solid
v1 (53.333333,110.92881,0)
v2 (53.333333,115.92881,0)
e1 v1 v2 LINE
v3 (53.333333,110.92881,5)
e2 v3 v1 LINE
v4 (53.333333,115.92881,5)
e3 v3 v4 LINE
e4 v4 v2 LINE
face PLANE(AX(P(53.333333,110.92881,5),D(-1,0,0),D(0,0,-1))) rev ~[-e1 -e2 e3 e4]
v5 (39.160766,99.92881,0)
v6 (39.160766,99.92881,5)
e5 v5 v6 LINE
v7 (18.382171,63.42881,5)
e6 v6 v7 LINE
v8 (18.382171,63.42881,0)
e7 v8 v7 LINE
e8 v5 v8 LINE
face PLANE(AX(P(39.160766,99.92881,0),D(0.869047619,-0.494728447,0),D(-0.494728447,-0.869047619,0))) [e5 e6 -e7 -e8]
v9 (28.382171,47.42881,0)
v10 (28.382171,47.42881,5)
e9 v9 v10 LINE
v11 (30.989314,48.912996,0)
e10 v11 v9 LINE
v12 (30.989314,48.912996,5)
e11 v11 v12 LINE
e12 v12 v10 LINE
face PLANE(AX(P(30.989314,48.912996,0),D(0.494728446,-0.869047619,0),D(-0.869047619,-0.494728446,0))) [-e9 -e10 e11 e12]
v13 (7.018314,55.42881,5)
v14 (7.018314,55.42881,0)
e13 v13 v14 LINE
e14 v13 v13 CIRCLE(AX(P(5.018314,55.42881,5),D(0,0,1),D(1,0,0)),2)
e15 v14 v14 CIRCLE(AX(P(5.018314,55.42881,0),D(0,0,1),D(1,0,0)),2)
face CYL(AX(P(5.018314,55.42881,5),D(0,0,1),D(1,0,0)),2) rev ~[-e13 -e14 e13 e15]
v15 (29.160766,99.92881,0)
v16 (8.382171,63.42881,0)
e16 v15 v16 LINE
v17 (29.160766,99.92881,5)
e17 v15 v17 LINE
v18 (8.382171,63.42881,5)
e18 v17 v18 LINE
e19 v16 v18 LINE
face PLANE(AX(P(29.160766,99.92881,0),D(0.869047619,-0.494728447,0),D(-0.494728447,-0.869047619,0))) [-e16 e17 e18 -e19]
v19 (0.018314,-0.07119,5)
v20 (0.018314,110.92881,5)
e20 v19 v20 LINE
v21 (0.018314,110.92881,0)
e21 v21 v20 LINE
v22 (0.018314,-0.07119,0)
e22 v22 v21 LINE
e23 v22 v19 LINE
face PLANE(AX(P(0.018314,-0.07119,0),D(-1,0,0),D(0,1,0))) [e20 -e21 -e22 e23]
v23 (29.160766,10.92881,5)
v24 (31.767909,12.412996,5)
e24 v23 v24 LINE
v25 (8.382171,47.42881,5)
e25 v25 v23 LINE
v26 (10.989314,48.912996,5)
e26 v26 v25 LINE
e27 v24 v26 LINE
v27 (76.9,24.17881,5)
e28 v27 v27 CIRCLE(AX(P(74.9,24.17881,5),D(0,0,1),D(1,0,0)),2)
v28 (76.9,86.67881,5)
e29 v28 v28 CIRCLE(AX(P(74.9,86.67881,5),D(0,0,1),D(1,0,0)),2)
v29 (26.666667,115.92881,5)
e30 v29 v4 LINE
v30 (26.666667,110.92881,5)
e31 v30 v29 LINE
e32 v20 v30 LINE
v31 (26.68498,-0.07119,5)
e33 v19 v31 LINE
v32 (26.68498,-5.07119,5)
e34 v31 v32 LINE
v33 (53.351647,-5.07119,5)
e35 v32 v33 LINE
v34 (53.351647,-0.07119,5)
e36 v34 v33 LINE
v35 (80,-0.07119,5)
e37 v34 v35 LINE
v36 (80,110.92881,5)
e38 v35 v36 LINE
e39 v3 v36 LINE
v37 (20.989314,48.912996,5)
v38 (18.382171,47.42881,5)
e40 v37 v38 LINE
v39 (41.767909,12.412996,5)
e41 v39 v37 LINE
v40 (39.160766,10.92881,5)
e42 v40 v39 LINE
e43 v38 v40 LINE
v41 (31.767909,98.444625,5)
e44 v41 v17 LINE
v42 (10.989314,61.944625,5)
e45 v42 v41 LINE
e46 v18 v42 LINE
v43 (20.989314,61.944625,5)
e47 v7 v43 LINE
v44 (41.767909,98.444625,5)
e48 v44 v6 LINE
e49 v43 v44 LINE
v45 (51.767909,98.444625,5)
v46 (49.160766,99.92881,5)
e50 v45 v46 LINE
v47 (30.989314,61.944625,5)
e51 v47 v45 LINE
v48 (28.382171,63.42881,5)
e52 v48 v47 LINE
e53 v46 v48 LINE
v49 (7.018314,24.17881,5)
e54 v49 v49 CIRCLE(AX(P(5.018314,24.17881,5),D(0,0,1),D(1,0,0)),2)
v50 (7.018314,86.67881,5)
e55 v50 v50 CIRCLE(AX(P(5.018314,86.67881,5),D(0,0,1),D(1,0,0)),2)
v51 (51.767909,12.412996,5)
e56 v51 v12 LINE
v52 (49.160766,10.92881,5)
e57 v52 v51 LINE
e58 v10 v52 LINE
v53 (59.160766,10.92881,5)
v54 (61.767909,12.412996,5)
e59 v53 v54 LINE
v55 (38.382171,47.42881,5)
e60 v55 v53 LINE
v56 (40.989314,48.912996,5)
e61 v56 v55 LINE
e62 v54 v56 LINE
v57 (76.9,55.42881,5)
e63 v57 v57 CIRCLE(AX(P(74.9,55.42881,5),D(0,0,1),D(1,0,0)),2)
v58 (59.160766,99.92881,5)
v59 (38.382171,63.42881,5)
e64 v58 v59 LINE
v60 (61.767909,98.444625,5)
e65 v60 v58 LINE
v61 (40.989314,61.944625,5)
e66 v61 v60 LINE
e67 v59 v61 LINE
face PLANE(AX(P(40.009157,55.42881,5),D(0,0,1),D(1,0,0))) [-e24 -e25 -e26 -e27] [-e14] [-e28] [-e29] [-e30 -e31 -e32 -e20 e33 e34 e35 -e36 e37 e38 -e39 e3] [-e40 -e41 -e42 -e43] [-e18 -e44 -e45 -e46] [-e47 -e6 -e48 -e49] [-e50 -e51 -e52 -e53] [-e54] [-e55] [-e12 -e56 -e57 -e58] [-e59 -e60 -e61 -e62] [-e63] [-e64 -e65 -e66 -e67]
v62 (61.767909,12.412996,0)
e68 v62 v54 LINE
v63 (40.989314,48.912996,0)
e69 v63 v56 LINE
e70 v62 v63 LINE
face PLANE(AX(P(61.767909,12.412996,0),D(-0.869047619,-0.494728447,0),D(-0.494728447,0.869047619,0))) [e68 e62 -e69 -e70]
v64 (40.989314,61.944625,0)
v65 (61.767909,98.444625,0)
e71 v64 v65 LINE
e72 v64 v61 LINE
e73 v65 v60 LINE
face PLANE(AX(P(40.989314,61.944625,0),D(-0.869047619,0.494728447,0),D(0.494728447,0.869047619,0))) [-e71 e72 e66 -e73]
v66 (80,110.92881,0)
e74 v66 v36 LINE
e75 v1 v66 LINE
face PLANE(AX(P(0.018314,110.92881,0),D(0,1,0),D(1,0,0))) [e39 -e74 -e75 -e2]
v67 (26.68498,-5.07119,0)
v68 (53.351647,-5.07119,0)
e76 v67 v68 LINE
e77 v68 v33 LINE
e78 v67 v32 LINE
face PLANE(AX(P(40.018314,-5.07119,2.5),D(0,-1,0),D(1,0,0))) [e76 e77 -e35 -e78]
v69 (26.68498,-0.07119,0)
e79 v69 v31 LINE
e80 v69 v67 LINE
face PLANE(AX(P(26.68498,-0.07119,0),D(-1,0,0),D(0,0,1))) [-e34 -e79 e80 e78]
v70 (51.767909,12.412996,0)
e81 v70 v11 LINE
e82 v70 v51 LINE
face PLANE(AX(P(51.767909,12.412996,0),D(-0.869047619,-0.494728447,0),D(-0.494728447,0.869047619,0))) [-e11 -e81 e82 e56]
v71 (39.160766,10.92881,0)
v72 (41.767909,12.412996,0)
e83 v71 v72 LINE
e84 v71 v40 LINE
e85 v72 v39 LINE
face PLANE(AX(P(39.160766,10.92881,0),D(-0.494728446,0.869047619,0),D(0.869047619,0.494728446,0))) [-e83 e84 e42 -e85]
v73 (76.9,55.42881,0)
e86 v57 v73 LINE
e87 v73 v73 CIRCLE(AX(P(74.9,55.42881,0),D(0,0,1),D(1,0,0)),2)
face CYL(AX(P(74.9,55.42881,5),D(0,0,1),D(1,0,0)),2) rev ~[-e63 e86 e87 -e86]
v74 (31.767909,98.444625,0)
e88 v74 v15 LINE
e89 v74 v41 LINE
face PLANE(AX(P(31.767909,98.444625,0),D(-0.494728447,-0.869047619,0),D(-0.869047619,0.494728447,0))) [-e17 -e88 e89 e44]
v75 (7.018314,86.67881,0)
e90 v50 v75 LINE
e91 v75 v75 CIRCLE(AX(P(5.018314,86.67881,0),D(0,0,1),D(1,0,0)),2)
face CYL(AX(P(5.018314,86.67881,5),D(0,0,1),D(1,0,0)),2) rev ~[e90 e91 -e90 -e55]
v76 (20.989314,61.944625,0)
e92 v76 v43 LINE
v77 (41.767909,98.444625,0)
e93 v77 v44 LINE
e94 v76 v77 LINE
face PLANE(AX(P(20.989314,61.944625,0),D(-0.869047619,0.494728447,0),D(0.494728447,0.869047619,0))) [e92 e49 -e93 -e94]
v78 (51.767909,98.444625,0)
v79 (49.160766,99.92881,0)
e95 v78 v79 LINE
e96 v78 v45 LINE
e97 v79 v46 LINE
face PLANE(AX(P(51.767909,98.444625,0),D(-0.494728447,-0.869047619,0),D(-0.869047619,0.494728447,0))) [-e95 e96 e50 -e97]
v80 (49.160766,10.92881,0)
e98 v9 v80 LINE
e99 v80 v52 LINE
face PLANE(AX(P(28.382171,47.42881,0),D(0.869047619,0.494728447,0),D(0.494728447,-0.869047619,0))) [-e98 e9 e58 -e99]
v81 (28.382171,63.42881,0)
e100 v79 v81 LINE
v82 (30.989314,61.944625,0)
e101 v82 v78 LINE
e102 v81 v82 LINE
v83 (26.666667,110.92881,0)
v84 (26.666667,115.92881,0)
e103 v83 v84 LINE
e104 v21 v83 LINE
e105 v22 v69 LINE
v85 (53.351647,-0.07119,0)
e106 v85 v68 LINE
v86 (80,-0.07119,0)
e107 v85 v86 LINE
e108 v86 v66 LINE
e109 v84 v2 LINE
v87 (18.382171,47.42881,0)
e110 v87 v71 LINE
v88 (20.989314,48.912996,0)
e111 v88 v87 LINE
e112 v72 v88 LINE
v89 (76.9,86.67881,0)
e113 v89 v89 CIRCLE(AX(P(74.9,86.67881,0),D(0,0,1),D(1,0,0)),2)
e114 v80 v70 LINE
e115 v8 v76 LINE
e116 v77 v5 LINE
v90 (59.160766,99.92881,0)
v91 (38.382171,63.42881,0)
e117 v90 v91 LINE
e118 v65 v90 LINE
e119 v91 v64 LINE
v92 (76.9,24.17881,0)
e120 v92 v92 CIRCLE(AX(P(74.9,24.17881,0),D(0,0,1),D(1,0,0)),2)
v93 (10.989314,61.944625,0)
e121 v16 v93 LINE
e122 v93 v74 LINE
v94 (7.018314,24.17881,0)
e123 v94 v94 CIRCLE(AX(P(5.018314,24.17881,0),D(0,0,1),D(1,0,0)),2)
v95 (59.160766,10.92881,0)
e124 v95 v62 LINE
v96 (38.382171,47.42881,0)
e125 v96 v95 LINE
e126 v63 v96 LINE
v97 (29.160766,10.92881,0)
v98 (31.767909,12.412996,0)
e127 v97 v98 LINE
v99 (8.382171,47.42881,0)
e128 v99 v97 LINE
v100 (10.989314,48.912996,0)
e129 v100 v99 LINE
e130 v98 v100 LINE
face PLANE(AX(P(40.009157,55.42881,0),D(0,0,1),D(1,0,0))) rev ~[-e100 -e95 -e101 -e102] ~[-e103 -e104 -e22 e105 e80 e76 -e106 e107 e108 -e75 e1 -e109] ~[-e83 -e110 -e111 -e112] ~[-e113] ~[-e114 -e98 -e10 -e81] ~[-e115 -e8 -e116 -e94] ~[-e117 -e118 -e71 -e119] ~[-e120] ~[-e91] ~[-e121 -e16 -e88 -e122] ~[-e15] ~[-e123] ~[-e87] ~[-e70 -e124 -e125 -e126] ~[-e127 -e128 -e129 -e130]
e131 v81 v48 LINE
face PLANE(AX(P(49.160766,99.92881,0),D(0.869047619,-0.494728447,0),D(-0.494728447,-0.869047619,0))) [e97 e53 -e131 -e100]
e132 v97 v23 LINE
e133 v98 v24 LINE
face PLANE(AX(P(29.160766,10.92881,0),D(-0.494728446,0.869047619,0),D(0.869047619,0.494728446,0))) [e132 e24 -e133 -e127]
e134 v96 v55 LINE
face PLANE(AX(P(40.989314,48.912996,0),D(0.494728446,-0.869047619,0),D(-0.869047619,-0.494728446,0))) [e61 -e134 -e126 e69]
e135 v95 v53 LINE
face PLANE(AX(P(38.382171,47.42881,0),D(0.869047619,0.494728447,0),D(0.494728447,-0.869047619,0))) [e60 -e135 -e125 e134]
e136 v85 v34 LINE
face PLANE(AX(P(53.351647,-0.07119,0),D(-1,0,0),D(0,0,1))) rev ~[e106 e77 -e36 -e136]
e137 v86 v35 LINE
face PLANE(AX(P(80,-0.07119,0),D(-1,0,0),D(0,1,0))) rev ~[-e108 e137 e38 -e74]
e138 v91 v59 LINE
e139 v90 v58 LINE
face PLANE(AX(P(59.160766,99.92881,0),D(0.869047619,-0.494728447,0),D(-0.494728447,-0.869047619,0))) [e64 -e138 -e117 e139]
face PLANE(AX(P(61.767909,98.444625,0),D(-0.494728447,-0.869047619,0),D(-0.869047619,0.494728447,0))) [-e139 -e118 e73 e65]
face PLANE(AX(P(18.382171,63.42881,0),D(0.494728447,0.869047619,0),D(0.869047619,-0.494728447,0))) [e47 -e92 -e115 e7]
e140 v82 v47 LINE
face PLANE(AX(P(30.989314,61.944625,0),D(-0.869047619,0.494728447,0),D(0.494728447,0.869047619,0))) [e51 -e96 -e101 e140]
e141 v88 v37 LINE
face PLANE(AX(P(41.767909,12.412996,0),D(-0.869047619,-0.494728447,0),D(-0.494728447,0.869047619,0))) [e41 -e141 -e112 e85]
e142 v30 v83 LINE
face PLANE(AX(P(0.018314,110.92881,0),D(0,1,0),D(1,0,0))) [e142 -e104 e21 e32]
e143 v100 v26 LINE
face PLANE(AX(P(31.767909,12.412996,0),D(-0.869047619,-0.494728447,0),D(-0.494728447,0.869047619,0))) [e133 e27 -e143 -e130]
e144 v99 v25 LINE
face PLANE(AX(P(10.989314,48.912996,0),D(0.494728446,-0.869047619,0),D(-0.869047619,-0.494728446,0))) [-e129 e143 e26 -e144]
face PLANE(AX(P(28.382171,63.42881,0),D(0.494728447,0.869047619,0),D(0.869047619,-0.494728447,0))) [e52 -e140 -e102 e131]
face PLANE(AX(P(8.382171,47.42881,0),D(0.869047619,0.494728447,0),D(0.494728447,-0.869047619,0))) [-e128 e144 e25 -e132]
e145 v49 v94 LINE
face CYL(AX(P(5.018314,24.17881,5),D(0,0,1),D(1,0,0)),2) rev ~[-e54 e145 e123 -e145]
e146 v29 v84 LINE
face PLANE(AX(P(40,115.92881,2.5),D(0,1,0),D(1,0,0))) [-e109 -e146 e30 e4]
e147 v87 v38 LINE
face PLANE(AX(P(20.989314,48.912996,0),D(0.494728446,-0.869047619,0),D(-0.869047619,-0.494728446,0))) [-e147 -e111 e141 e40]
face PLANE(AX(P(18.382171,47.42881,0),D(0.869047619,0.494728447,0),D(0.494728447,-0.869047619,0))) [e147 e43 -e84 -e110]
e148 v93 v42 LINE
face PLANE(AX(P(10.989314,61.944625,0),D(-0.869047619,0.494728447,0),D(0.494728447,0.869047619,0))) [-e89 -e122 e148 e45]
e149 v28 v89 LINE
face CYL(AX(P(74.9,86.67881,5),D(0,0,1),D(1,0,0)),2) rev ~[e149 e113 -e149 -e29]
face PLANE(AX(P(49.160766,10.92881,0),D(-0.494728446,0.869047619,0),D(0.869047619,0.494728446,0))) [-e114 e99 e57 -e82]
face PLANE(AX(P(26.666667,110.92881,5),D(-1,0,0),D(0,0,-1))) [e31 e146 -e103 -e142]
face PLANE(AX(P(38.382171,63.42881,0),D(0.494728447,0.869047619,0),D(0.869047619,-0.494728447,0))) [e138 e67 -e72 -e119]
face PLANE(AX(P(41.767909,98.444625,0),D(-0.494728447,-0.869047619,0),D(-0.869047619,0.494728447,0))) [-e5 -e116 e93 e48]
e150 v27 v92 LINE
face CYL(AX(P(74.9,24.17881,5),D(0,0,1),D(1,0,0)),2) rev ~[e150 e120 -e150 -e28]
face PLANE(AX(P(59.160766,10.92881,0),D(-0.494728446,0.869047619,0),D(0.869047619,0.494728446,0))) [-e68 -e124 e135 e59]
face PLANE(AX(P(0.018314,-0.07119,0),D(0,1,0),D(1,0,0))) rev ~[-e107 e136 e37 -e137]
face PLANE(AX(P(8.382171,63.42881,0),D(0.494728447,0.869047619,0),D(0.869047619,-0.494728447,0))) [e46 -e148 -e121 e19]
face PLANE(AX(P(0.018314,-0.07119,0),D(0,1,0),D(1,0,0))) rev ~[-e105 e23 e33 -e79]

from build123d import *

# Parameters (mm, degrees)
CROQUIS1_W              = 79.981686337
CROQUIS1_H              = 111
SALIENTE_EXTRUIR1_DEPTH = 5
CROQUIS2_W              = 26.666666667
CROQUIS2_H              = 5
SALIENTE_EXTRUIR2_DEPTH = 5
CROQUIS3_W              = 26.666666666
CROQUIS3_H              = 5
SALIENTE_EXTRUIR3_DEPTH = 5
CROQUIS4_R              = 2
CORTAR_EXTRUIR1_DEPTH   = 10


with BuildPart() as part:
    # Croquis1 → Saliente-Extruir1 (new body)
    with BuildSketch(Plane.XY):
        with Locations((40.009156832, 55.428810295)):
            Rectangle(CROQUIS1_W, CROQUIS1_H)
        Polygon((40.989314194, 48.912995634), (38.382171337, 47.428810295), (59.160766092, 10.928810295), (61.767908949, 12.412995634), align=None, mode=Mode.SUBTRACT)
        Polygon((49.160766092, 10.928810295), (51.767908949, 12.412995634), (30.989314194, 48.912995634), (28.382171337, 47.428810295), align=None, mode=Mode.SUBTRACT)
        Polygon((20.989314194, 48.912995634), (18.382171337, 47.428810295), (39.160766092, 10.928810295), (41.767908949, 12.412995634), align=None, mode=Mode.SUBTRACT)
        Polygon((29.160766092, 10.928810295), (31.767908949, 12.412995634), (10.989314194, 48.912995634), (8.382171337, 47.428810295), align=None, mode=Mode.SUBTRACT)
        Polygon((38.382171337, 63.428810295), (40.989314194, 61.944624955), (61.767908949, 98.444624955), (59.160766092, 99.928810295), align=None, mode=Mode.SUBTRACT)
        Polygon((51.767908949, 98.444624955), (49.160766092, 99.928810295), (28.382171337, 63.428810295), (30.989314194, 61.944624955), align=None, mode=Mode.SUBTRACT)
        Polygon((18.382171337, 63.428810295), (20.989314194, 61.944624955), (41.767908949, 98.444624955), (39.160766092, 99.928810295), align=None, mode=Mode.SUBTRACT)
        Polygon((31.767908949, 98.444624955), (29.160766092, 99.928810295), (8.382171337, 63.428810295), (10.989314194, 61.944624955), align=None, mode=Mode.SUBTRACT)
    extrude(amount=SALIENTE_EXTRUIR1_DEPTH)

    # Croquis2 → Saliente-Extruir2 (add)
    with BuildSketch(Plane.XZ.offset(0.071189705)):
        with Locations((40.018313663, 2.5)):
            Rectangle(CROQUIS2_W, CROQUIS2_H)
    extrude(amount=SALIENTE_EXTRUIR2_DEPTH)

    # Croquis3 → Saliente-Extruir3 (add)
    with BuildSketch(Plane(origin=(0, 110.928810295, 0), x_dir=(1, 0, 0), z_dir=(0, 1, 0))):
        with Locations((40, -2.5)):
            Rectangle(CROQUIS3_W, CROQUIS3_H)
    extrude(amount=SALIENTE_EXTRUIR3_DEPTH)

    # Croquis4 → Cortar-Extruir1 (cut)
    with BuildSketch(Plane.XY.offset(5)):
        with Locations((74.9, 55.428810295)):
            Circle(CROQUIS4_R)
        with Locations((74.9, 86.678810295)):
            Circle(CROQUIS4_R)
        with Locations((74.9, 24.178810295)):
            Circle(CROQUIS4_R)
        with Locations((5.018313663, 55.428810295)):
            Circle(CROQUIS4_R)
        with Locations((5.018313663, 86.678810295)):
            Circle(CROQUIS4_R)
        with Locations((5.018313663, 24.178810295)):
            Circle(CROQUIS4_R)
    extrude(amount=-CORTAR_EXTRUIR1_DEPTH, mode=Mode.SUBTRACT)


solid = part.part
